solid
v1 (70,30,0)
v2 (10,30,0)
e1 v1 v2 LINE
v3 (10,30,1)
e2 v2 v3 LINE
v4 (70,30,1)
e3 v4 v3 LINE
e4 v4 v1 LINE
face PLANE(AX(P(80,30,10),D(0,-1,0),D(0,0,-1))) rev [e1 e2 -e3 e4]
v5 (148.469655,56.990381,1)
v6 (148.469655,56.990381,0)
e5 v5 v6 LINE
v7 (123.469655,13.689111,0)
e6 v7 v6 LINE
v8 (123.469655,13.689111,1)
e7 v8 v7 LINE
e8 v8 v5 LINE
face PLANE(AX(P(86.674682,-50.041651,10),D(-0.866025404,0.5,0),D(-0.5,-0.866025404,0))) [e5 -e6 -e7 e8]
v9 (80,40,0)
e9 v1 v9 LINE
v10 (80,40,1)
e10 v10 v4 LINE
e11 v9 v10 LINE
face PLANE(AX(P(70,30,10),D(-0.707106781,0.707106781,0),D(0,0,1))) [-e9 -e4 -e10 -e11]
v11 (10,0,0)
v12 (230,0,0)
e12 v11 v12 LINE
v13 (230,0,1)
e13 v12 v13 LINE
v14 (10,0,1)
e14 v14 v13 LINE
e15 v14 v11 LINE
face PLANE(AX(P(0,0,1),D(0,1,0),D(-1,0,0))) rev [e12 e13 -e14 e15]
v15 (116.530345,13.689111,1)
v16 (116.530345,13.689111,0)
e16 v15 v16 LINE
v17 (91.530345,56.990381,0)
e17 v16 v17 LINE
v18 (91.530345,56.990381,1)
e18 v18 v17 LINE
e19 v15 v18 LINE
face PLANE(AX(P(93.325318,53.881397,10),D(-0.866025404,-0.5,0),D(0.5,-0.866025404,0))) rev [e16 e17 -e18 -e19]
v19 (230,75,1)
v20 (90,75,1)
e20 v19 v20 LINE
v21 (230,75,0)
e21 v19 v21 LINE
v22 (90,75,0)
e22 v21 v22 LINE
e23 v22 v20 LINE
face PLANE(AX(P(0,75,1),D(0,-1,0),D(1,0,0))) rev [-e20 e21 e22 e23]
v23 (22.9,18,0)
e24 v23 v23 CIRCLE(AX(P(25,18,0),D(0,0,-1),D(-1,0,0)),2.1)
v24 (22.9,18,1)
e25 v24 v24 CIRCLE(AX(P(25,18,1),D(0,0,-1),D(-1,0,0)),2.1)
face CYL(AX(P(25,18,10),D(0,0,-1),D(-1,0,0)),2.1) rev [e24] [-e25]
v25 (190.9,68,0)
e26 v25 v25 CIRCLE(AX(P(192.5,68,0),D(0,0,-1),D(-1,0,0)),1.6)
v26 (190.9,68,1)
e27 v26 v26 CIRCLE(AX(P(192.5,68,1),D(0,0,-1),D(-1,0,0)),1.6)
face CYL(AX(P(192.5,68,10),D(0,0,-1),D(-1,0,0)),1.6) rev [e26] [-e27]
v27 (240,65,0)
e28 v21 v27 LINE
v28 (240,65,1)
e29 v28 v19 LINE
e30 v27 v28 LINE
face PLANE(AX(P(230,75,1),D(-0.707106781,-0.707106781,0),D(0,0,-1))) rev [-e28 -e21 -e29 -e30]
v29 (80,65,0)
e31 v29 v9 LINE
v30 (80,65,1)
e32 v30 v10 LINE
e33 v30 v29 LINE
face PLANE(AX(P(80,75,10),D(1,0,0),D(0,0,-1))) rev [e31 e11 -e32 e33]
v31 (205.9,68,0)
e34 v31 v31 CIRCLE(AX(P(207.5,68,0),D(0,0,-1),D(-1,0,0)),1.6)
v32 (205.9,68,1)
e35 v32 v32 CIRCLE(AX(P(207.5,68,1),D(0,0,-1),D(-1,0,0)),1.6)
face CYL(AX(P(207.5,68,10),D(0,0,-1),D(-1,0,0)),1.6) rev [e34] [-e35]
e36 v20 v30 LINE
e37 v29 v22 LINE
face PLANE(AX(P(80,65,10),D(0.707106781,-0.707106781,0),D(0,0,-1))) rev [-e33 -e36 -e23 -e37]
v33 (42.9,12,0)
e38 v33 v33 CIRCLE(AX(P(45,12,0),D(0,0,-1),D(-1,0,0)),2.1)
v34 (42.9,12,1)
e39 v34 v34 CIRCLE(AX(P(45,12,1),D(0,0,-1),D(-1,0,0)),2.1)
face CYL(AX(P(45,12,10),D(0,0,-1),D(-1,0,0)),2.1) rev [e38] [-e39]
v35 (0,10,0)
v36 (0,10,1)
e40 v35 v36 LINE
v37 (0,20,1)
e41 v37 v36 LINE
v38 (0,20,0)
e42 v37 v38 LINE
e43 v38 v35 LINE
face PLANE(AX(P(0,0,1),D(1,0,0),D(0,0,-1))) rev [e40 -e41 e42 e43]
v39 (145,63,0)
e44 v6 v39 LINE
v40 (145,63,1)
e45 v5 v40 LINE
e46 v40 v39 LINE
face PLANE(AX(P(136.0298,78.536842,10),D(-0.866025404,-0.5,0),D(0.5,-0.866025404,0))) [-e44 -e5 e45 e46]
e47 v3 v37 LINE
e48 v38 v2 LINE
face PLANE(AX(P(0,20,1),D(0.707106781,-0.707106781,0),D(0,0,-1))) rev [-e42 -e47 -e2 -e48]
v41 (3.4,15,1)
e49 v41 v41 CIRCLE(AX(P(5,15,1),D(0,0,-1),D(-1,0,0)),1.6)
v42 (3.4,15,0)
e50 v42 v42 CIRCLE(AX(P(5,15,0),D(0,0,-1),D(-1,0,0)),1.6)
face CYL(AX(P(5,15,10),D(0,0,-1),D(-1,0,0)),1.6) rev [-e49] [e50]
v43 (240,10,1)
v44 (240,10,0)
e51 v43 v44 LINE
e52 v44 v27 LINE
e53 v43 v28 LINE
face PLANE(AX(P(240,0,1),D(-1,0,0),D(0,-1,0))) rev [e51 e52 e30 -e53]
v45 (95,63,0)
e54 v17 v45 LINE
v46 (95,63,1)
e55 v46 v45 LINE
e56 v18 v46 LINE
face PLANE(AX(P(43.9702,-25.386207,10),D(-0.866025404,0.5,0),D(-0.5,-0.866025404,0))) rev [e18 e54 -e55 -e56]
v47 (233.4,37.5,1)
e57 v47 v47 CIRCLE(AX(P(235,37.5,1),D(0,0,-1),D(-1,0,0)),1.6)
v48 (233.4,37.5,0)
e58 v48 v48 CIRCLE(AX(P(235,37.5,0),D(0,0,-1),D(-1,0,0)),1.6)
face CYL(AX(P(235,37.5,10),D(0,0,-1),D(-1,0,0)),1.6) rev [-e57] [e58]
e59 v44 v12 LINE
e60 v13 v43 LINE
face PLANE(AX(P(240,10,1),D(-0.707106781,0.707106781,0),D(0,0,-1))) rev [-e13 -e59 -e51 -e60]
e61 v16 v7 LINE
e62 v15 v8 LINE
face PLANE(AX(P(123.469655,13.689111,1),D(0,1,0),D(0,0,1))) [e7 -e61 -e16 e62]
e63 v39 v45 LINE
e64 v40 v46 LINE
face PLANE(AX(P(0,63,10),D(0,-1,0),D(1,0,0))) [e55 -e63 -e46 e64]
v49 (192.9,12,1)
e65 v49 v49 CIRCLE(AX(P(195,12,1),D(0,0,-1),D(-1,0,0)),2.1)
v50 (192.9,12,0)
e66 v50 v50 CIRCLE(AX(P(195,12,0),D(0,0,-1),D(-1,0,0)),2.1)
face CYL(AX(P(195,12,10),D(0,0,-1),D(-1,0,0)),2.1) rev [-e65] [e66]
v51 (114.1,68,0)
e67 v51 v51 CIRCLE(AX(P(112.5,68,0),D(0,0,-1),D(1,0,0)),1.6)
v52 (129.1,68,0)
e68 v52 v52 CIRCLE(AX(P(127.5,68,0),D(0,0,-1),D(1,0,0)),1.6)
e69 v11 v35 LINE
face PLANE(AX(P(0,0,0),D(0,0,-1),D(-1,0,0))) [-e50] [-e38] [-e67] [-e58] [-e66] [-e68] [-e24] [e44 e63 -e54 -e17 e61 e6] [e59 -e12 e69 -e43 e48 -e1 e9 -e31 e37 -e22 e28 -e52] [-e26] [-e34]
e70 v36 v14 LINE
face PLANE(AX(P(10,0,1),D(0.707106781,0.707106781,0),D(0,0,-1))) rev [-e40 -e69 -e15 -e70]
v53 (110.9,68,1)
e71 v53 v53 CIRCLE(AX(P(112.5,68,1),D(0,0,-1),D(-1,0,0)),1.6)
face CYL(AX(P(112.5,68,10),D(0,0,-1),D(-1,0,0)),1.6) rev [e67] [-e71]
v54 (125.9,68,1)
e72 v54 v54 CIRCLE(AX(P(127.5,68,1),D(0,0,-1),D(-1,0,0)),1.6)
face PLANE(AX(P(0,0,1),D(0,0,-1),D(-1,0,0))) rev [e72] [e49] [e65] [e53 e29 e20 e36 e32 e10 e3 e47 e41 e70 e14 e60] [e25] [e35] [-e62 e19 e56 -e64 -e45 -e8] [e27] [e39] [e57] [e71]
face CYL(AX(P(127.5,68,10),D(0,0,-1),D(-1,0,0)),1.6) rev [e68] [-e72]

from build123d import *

# Parameters (mm, degrees)
SKETCH_1_W          = 240
SKETCH_1_H          = 75
EXTRUDE_1_DEPTH     = 1
CUT_EXTRUDE_2_DEPTH = 10
SKETCH_4_W          = 80
SKETCH_4_H          = 45
CUT_EXTRUDE_3_DEPTH = 10
CHAMFER_1_SIZE      = 10
SKETCH_5_R          = 1.6
SKETCH_5_R_2        = 2.1
CUT_EXTRUDE_4_DEPTH = 10
EXTRUDE_2_DEPTH     = 1


with BuildPart() as part:
    # 草图1 → 凸台-拉伸1 (new body)
    with BuildSketch(Plane.XY):
        with Locations((120, 37.5)):
            Rectangle(SKETCH_1_W, SKETCH_1_H)
    extrude(amount=EXTRUDE_1_DEPTH)

    # 草图3 → 切除-拉伸2 (cut)
    with BuildSketch(Plane(origin=(0, 0, 0), x_dir=(-1, 0, 0), z_dir=(0, 0, -1))):
        Polygon((-130, 7.679491924), (-110, 7.679491924), (-100, 25), (-110, 42.320508076), (-130, 42.320508076), (-140, 25), align=None)
        Polygon((-148.469655115, 56.990381057), (-135, 33.660254038), (-130, 42.320508076), (-110, 42.320508076), (-105, 33.660254038), (-91.530344885, 56.990381057), (-95, 63), (-145, 63), align=None)
    extrude(amount=-CUT_EXTRUDE_2_DEPTH, mode=Mode.SUBTRACT)

    # 草图4 → 切除-拉伸3 (cut)
    with BuildSketch(Plane(origin=(0, 0, 0), x_dir=(-1, 0, 0), z_dir=(0, 0, -1))):
        with Locations((-40, 52.5)):
            Rectangle(SKETCH_4_W, SKETCH_4_H)
    extrude(amount=-CUT_EXTRUDE_3_DEPTH, mode=Mode.SUBTRACT)

    # 倒角1
    chamfer_1_edges = [part.edges().sort_by_distance(p)[0] for p in [
        (80, 75, 0.5),
        (0, 30, 0.5),
        (80, 30, 0.5),
        (240, 75, 0.5),
        (240, 0, 0.5),
        (0, 0, 0.5),
    ]]
    chamfer(chamfer_1_edges, length=CHAMFER_1_SIZE)

    # 草图5 → 切除-拉伸4 (cut)
    with BuildSketch(Plane(origin=(0, 0, 0), x_dir=(-1, 0, 0), z_dir=(0, 0, -1))):
        with Locations((-5, 15)):
            Circle(SKETCH_5_R)
        with Locations((-195, 12)):
            Circle(SKETCH_5_R_2)
        with Locations((-45, 12)):
            Circle(SKETCH_5_R_2)
        with Locations((-235, 37.5)):
            Circle(SKETCH_5_R)
        with Locations((-207.5, 68)):
            Circle(SKETCH_5_R)
        with Locations((-192.5, 68)):
            Circle(SKETCH_5_R)
        with Locations((-127.5, 68)):
            Circle(SKETCH_5_R)
        with Locations((-112.5, 68)):
            Circle(SKETCH_5_R)
        with Locations((-25, 18)):
            Circle(SKETCH_5_R_2)
    extrude(amount=-CUT_EXTRUDE_4_DEPTH, mode=Mode.SUBTRACT)

    # 草图6 → 凸台-拉伸2 (add)
    with BuildSketch(Plane(origin=(0, 0, 0), x_dir=(-1, 0, 0), z_dir=(0, 0, -1))):
        Polygon((-135, 33.660254038), (-123.469655115, 13.689110868), (-116.530344885, 13.689110868), (-105, 33.660254038), (-100, 25), (-110, 7.679491924), (-130, 7.679491924), (-140, 25), align=None)
    extrude(amount=-EXTRUDE_2_DEPTH)


solid = part.part
